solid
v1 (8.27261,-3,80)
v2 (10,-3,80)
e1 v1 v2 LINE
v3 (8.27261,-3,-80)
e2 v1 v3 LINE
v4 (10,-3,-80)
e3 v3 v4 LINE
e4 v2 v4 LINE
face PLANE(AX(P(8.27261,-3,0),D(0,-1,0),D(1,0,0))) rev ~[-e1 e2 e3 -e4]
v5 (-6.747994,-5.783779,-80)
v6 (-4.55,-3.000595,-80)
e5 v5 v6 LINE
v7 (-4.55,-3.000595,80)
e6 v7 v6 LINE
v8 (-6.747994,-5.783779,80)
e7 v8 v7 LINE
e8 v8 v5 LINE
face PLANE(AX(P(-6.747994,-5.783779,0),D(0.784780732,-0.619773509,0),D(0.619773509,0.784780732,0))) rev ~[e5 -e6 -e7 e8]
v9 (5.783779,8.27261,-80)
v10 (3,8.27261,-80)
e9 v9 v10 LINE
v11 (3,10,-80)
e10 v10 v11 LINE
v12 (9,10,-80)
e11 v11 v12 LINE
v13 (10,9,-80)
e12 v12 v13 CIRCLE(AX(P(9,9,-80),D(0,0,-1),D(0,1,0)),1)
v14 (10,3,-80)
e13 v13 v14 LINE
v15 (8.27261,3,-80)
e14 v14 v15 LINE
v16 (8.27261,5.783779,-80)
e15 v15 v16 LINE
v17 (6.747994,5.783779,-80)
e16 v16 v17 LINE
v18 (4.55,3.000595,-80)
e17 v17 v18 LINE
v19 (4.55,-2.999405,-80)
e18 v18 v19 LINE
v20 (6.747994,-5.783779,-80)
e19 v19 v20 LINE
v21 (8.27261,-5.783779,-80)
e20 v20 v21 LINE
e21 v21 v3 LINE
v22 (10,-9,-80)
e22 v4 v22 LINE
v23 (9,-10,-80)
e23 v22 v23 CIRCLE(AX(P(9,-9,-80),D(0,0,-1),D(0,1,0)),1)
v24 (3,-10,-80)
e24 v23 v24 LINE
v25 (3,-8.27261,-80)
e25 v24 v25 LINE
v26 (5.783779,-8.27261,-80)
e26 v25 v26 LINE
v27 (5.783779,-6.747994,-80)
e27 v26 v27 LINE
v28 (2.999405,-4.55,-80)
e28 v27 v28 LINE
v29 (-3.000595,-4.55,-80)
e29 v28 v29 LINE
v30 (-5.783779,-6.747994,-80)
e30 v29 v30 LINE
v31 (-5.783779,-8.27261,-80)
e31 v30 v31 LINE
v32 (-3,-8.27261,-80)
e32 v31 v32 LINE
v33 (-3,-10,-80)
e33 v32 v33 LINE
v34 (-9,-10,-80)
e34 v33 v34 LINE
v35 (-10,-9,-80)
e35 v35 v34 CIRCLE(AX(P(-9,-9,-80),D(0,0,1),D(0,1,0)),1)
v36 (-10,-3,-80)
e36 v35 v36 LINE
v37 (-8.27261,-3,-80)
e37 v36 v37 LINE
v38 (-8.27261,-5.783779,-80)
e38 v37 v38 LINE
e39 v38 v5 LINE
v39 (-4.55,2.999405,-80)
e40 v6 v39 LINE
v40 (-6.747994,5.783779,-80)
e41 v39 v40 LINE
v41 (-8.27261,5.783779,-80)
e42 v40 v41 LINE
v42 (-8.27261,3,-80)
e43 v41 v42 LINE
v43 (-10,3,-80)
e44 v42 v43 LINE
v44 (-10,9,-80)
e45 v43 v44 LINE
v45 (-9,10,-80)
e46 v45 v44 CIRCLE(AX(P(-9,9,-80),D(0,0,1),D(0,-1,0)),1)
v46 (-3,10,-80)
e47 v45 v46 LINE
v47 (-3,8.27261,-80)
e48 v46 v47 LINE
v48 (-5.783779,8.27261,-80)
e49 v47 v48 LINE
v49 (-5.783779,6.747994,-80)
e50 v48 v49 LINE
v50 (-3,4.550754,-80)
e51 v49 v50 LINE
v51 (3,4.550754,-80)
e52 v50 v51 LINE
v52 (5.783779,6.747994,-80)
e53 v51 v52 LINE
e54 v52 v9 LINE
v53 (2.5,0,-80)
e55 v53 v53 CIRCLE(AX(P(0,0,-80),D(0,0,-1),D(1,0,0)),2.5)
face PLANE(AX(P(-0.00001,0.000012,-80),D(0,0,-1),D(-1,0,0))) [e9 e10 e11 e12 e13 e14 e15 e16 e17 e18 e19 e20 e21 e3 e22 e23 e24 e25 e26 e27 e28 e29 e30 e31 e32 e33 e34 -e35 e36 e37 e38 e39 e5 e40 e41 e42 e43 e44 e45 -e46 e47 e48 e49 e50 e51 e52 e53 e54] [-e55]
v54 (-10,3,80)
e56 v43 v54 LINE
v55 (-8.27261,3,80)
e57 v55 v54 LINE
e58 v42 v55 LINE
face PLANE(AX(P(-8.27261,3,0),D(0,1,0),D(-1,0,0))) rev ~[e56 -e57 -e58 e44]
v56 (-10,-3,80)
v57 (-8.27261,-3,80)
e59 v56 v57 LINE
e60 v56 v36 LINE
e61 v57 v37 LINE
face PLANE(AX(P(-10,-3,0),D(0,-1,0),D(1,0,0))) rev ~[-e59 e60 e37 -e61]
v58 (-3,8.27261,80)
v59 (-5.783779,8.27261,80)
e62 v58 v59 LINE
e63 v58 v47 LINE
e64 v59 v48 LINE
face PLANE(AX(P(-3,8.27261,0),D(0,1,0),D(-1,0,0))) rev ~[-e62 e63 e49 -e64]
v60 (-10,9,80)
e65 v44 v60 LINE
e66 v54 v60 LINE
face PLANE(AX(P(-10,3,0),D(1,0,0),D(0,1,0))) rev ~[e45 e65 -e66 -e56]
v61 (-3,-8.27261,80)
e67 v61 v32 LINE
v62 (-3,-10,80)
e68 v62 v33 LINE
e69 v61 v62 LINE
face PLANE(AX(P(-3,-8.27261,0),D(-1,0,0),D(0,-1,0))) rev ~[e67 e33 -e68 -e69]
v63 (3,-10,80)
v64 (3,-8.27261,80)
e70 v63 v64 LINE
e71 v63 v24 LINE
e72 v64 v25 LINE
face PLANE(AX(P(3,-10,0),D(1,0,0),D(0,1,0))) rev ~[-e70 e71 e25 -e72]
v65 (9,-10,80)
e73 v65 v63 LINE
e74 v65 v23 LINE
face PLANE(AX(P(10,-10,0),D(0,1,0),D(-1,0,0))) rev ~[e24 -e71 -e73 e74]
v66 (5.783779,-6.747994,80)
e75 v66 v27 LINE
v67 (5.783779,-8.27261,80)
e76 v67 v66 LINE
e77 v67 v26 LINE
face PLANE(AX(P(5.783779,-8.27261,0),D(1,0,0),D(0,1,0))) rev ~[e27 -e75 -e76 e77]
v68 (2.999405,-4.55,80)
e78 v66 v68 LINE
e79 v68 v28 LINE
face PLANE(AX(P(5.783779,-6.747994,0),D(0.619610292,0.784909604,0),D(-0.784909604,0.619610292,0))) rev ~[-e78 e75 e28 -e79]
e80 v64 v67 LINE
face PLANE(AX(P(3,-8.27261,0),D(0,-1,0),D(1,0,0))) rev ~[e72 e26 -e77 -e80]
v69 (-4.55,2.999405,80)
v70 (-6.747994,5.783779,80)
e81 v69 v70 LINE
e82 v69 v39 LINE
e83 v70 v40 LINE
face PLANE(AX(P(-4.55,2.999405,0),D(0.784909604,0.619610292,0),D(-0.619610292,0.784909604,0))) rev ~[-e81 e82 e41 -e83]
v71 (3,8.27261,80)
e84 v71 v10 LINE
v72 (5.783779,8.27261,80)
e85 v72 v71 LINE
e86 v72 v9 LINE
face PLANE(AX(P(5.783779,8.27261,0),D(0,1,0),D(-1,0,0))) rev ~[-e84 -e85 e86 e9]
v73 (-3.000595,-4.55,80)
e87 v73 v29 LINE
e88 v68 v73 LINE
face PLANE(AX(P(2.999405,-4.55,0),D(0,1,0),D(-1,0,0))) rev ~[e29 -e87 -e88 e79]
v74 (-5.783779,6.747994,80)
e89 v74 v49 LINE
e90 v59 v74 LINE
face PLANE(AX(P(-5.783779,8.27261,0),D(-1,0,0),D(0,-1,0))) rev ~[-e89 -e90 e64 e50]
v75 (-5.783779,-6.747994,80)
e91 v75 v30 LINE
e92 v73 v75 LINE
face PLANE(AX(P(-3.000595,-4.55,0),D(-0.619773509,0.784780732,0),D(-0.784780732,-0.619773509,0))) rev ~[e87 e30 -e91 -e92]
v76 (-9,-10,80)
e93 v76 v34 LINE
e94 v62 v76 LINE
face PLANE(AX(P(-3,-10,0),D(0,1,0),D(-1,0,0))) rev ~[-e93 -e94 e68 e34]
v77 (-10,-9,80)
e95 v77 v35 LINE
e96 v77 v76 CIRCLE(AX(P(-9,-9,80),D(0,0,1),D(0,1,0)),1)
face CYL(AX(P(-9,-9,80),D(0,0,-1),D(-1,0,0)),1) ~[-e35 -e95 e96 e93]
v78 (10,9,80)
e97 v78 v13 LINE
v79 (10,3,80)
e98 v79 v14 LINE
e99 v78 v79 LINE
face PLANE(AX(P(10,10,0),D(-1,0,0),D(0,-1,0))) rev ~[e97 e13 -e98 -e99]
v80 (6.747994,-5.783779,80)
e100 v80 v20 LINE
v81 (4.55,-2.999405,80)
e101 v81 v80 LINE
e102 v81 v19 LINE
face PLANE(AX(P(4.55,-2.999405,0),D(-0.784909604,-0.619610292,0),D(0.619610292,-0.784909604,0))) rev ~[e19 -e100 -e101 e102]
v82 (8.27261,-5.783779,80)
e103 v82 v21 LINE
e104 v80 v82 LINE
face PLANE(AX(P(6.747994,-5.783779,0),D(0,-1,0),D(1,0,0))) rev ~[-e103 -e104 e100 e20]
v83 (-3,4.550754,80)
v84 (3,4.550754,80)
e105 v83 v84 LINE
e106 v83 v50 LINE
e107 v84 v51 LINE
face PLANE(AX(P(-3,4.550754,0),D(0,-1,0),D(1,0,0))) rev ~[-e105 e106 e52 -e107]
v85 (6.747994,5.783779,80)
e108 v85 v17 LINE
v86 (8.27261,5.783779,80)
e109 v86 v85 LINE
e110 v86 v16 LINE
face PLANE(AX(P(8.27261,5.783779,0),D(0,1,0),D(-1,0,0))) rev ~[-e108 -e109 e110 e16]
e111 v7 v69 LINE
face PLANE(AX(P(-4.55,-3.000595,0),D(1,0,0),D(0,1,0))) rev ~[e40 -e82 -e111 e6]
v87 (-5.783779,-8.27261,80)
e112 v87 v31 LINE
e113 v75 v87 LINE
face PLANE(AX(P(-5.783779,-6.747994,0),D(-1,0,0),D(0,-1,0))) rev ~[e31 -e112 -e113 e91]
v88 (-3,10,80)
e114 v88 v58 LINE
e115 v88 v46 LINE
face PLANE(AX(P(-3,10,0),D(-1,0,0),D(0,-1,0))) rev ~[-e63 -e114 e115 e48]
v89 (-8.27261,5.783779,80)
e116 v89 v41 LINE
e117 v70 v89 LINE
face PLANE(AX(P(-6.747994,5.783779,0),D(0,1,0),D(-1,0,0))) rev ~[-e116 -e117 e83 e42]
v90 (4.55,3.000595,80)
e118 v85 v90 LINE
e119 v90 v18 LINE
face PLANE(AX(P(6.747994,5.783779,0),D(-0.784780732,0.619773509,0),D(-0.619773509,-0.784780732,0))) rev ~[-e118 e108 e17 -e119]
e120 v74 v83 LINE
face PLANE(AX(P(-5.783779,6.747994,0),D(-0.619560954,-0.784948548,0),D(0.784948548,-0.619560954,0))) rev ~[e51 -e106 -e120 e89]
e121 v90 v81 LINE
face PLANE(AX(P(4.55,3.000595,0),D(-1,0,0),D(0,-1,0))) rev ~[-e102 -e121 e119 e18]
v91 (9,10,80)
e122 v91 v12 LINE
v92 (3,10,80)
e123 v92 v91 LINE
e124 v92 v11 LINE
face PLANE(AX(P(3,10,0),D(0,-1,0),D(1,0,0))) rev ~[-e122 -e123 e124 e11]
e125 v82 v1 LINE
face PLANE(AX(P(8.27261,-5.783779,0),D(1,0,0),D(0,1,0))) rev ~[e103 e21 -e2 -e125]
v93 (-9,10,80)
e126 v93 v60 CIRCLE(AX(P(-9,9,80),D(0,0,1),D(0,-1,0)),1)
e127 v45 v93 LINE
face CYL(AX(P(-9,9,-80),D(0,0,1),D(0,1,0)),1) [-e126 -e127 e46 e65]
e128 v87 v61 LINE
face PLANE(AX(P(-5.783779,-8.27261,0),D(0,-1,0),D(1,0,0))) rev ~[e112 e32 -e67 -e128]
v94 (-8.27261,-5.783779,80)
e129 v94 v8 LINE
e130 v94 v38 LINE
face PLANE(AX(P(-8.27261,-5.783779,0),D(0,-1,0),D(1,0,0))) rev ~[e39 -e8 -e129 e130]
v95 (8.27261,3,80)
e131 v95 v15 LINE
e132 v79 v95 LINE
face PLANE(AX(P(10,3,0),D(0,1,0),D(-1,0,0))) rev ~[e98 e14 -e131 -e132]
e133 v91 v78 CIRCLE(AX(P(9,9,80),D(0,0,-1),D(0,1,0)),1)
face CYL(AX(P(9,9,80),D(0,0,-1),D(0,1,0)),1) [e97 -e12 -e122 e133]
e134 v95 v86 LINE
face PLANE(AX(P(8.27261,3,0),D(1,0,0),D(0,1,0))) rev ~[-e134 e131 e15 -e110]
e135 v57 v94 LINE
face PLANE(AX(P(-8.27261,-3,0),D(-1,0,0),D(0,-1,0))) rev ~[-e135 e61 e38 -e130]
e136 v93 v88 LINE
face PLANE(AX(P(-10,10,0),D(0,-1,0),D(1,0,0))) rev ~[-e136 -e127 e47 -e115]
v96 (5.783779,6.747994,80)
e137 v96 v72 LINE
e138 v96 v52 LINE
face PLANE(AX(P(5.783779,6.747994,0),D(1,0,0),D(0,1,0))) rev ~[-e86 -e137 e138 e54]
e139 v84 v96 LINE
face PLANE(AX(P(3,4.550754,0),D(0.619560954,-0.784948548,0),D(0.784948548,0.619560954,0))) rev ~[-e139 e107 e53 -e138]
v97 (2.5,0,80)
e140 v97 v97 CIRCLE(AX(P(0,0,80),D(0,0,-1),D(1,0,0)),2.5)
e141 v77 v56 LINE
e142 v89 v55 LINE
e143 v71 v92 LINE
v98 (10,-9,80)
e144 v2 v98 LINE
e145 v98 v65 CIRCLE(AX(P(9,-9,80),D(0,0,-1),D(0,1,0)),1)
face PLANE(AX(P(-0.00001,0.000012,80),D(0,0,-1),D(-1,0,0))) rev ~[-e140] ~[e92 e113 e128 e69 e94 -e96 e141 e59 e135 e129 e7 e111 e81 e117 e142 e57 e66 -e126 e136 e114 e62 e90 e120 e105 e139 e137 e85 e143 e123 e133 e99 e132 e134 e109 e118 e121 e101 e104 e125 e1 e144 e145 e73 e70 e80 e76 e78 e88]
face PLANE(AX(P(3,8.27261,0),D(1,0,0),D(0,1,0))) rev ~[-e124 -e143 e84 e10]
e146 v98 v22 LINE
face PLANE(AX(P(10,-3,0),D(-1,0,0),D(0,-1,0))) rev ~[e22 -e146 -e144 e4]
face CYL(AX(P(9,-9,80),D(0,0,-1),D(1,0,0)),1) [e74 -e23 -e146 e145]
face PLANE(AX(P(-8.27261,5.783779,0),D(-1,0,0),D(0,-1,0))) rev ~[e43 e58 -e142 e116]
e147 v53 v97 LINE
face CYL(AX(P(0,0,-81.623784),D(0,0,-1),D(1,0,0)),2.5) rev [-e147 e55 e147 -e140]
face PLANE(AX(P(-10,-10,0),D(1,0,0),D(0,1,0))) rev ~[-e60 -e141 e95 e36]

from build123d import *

# Parameters (mm, degrees)
BOSS_EXTRUDE1_DEPTH     = 80
CUT_EXTRUDE1_DEPTH      = 161.623784042
CUT_EXTRUDE1_DEPTH_BACK = 161.623784042
SKETCH2_R               = 2.5
FILLET1_R               = 1


with BuildPart() as part:
    # Sketch1 → Boss-Extrude1 (new, symmetric)
    with BuildSketch(Plane.XY):
        Polygon((-10, 10), (-3, 10), (-3, 8.272610059), (-5.783778863, 8.272610059), (-5.783778863, 6.747994248), (-3, 4.550753814), (3, 4.550753814), (5.783778863, 6.747994248), (5.783778863, 8.272610059), (3, 8.272610059), (3, 10), (10, 10), (10, 3), (8.272610059, 3), (8.272610059, 5.783778863), (6.747994248, 5.783778863), (4.55, 3.000595152), (4.55, -2.999404848), (6.747994248, -5.783778863), (8.272610059, -5.783778863), (8.272610059, -3), (10, -3), (10, -10), (3, -10), (3, -8.272610059), (5.783778863, -8.272610059), (5.783778863, -6.747994248), (2.999404848, -4.55), (-3.000595152, -4.55), (-5.783778863, -6.747994248), (-5.783778863, -8.272610059), (-3, -8.272610059), (-3, -10), (-10, -10), (-10, -3), (-8.272610059, -3), (-8.272610059, -5.783778863), (-6.747994248, -5.783778863), (-4.55, -3.000595152), (-4.55, 2.999404848), (-6.747994248, 5.783778863), (-8.272610059, 5.783778863), (-8.272610059, 3), (-10, 3), align=None)
    extrude(amount=BOSS_EXTRUDE1_DEPTH, both=True)

    # Sketch2 → Cut-Extrude1 (cut, two sides: drawn at the far end of the back side and taken through both)
    with BuildSketch(Plane.XY.offset(80).offset(-CUT_EXTRUDE1_DEPTH_BACK)):
        Circle(SKETCH2_R)
    extrude(amount=CUT_EXTRUDE1_DEPTH + CUT_EXTRUDE1_DEPTH_BACK, mode=Mode.SUBTRACT)

    # Fillet1
    fillet1_edges = [part.edges().sort_by_distance(p)[0] for p in [
        (-10, 10, 0),
        (10, 10, 0),
        (10, -10, 0),
        (-10, -10, 0),
    ]]
    fillet(fillet1_edges, radius=FILLET1_R)


solid = part.part
